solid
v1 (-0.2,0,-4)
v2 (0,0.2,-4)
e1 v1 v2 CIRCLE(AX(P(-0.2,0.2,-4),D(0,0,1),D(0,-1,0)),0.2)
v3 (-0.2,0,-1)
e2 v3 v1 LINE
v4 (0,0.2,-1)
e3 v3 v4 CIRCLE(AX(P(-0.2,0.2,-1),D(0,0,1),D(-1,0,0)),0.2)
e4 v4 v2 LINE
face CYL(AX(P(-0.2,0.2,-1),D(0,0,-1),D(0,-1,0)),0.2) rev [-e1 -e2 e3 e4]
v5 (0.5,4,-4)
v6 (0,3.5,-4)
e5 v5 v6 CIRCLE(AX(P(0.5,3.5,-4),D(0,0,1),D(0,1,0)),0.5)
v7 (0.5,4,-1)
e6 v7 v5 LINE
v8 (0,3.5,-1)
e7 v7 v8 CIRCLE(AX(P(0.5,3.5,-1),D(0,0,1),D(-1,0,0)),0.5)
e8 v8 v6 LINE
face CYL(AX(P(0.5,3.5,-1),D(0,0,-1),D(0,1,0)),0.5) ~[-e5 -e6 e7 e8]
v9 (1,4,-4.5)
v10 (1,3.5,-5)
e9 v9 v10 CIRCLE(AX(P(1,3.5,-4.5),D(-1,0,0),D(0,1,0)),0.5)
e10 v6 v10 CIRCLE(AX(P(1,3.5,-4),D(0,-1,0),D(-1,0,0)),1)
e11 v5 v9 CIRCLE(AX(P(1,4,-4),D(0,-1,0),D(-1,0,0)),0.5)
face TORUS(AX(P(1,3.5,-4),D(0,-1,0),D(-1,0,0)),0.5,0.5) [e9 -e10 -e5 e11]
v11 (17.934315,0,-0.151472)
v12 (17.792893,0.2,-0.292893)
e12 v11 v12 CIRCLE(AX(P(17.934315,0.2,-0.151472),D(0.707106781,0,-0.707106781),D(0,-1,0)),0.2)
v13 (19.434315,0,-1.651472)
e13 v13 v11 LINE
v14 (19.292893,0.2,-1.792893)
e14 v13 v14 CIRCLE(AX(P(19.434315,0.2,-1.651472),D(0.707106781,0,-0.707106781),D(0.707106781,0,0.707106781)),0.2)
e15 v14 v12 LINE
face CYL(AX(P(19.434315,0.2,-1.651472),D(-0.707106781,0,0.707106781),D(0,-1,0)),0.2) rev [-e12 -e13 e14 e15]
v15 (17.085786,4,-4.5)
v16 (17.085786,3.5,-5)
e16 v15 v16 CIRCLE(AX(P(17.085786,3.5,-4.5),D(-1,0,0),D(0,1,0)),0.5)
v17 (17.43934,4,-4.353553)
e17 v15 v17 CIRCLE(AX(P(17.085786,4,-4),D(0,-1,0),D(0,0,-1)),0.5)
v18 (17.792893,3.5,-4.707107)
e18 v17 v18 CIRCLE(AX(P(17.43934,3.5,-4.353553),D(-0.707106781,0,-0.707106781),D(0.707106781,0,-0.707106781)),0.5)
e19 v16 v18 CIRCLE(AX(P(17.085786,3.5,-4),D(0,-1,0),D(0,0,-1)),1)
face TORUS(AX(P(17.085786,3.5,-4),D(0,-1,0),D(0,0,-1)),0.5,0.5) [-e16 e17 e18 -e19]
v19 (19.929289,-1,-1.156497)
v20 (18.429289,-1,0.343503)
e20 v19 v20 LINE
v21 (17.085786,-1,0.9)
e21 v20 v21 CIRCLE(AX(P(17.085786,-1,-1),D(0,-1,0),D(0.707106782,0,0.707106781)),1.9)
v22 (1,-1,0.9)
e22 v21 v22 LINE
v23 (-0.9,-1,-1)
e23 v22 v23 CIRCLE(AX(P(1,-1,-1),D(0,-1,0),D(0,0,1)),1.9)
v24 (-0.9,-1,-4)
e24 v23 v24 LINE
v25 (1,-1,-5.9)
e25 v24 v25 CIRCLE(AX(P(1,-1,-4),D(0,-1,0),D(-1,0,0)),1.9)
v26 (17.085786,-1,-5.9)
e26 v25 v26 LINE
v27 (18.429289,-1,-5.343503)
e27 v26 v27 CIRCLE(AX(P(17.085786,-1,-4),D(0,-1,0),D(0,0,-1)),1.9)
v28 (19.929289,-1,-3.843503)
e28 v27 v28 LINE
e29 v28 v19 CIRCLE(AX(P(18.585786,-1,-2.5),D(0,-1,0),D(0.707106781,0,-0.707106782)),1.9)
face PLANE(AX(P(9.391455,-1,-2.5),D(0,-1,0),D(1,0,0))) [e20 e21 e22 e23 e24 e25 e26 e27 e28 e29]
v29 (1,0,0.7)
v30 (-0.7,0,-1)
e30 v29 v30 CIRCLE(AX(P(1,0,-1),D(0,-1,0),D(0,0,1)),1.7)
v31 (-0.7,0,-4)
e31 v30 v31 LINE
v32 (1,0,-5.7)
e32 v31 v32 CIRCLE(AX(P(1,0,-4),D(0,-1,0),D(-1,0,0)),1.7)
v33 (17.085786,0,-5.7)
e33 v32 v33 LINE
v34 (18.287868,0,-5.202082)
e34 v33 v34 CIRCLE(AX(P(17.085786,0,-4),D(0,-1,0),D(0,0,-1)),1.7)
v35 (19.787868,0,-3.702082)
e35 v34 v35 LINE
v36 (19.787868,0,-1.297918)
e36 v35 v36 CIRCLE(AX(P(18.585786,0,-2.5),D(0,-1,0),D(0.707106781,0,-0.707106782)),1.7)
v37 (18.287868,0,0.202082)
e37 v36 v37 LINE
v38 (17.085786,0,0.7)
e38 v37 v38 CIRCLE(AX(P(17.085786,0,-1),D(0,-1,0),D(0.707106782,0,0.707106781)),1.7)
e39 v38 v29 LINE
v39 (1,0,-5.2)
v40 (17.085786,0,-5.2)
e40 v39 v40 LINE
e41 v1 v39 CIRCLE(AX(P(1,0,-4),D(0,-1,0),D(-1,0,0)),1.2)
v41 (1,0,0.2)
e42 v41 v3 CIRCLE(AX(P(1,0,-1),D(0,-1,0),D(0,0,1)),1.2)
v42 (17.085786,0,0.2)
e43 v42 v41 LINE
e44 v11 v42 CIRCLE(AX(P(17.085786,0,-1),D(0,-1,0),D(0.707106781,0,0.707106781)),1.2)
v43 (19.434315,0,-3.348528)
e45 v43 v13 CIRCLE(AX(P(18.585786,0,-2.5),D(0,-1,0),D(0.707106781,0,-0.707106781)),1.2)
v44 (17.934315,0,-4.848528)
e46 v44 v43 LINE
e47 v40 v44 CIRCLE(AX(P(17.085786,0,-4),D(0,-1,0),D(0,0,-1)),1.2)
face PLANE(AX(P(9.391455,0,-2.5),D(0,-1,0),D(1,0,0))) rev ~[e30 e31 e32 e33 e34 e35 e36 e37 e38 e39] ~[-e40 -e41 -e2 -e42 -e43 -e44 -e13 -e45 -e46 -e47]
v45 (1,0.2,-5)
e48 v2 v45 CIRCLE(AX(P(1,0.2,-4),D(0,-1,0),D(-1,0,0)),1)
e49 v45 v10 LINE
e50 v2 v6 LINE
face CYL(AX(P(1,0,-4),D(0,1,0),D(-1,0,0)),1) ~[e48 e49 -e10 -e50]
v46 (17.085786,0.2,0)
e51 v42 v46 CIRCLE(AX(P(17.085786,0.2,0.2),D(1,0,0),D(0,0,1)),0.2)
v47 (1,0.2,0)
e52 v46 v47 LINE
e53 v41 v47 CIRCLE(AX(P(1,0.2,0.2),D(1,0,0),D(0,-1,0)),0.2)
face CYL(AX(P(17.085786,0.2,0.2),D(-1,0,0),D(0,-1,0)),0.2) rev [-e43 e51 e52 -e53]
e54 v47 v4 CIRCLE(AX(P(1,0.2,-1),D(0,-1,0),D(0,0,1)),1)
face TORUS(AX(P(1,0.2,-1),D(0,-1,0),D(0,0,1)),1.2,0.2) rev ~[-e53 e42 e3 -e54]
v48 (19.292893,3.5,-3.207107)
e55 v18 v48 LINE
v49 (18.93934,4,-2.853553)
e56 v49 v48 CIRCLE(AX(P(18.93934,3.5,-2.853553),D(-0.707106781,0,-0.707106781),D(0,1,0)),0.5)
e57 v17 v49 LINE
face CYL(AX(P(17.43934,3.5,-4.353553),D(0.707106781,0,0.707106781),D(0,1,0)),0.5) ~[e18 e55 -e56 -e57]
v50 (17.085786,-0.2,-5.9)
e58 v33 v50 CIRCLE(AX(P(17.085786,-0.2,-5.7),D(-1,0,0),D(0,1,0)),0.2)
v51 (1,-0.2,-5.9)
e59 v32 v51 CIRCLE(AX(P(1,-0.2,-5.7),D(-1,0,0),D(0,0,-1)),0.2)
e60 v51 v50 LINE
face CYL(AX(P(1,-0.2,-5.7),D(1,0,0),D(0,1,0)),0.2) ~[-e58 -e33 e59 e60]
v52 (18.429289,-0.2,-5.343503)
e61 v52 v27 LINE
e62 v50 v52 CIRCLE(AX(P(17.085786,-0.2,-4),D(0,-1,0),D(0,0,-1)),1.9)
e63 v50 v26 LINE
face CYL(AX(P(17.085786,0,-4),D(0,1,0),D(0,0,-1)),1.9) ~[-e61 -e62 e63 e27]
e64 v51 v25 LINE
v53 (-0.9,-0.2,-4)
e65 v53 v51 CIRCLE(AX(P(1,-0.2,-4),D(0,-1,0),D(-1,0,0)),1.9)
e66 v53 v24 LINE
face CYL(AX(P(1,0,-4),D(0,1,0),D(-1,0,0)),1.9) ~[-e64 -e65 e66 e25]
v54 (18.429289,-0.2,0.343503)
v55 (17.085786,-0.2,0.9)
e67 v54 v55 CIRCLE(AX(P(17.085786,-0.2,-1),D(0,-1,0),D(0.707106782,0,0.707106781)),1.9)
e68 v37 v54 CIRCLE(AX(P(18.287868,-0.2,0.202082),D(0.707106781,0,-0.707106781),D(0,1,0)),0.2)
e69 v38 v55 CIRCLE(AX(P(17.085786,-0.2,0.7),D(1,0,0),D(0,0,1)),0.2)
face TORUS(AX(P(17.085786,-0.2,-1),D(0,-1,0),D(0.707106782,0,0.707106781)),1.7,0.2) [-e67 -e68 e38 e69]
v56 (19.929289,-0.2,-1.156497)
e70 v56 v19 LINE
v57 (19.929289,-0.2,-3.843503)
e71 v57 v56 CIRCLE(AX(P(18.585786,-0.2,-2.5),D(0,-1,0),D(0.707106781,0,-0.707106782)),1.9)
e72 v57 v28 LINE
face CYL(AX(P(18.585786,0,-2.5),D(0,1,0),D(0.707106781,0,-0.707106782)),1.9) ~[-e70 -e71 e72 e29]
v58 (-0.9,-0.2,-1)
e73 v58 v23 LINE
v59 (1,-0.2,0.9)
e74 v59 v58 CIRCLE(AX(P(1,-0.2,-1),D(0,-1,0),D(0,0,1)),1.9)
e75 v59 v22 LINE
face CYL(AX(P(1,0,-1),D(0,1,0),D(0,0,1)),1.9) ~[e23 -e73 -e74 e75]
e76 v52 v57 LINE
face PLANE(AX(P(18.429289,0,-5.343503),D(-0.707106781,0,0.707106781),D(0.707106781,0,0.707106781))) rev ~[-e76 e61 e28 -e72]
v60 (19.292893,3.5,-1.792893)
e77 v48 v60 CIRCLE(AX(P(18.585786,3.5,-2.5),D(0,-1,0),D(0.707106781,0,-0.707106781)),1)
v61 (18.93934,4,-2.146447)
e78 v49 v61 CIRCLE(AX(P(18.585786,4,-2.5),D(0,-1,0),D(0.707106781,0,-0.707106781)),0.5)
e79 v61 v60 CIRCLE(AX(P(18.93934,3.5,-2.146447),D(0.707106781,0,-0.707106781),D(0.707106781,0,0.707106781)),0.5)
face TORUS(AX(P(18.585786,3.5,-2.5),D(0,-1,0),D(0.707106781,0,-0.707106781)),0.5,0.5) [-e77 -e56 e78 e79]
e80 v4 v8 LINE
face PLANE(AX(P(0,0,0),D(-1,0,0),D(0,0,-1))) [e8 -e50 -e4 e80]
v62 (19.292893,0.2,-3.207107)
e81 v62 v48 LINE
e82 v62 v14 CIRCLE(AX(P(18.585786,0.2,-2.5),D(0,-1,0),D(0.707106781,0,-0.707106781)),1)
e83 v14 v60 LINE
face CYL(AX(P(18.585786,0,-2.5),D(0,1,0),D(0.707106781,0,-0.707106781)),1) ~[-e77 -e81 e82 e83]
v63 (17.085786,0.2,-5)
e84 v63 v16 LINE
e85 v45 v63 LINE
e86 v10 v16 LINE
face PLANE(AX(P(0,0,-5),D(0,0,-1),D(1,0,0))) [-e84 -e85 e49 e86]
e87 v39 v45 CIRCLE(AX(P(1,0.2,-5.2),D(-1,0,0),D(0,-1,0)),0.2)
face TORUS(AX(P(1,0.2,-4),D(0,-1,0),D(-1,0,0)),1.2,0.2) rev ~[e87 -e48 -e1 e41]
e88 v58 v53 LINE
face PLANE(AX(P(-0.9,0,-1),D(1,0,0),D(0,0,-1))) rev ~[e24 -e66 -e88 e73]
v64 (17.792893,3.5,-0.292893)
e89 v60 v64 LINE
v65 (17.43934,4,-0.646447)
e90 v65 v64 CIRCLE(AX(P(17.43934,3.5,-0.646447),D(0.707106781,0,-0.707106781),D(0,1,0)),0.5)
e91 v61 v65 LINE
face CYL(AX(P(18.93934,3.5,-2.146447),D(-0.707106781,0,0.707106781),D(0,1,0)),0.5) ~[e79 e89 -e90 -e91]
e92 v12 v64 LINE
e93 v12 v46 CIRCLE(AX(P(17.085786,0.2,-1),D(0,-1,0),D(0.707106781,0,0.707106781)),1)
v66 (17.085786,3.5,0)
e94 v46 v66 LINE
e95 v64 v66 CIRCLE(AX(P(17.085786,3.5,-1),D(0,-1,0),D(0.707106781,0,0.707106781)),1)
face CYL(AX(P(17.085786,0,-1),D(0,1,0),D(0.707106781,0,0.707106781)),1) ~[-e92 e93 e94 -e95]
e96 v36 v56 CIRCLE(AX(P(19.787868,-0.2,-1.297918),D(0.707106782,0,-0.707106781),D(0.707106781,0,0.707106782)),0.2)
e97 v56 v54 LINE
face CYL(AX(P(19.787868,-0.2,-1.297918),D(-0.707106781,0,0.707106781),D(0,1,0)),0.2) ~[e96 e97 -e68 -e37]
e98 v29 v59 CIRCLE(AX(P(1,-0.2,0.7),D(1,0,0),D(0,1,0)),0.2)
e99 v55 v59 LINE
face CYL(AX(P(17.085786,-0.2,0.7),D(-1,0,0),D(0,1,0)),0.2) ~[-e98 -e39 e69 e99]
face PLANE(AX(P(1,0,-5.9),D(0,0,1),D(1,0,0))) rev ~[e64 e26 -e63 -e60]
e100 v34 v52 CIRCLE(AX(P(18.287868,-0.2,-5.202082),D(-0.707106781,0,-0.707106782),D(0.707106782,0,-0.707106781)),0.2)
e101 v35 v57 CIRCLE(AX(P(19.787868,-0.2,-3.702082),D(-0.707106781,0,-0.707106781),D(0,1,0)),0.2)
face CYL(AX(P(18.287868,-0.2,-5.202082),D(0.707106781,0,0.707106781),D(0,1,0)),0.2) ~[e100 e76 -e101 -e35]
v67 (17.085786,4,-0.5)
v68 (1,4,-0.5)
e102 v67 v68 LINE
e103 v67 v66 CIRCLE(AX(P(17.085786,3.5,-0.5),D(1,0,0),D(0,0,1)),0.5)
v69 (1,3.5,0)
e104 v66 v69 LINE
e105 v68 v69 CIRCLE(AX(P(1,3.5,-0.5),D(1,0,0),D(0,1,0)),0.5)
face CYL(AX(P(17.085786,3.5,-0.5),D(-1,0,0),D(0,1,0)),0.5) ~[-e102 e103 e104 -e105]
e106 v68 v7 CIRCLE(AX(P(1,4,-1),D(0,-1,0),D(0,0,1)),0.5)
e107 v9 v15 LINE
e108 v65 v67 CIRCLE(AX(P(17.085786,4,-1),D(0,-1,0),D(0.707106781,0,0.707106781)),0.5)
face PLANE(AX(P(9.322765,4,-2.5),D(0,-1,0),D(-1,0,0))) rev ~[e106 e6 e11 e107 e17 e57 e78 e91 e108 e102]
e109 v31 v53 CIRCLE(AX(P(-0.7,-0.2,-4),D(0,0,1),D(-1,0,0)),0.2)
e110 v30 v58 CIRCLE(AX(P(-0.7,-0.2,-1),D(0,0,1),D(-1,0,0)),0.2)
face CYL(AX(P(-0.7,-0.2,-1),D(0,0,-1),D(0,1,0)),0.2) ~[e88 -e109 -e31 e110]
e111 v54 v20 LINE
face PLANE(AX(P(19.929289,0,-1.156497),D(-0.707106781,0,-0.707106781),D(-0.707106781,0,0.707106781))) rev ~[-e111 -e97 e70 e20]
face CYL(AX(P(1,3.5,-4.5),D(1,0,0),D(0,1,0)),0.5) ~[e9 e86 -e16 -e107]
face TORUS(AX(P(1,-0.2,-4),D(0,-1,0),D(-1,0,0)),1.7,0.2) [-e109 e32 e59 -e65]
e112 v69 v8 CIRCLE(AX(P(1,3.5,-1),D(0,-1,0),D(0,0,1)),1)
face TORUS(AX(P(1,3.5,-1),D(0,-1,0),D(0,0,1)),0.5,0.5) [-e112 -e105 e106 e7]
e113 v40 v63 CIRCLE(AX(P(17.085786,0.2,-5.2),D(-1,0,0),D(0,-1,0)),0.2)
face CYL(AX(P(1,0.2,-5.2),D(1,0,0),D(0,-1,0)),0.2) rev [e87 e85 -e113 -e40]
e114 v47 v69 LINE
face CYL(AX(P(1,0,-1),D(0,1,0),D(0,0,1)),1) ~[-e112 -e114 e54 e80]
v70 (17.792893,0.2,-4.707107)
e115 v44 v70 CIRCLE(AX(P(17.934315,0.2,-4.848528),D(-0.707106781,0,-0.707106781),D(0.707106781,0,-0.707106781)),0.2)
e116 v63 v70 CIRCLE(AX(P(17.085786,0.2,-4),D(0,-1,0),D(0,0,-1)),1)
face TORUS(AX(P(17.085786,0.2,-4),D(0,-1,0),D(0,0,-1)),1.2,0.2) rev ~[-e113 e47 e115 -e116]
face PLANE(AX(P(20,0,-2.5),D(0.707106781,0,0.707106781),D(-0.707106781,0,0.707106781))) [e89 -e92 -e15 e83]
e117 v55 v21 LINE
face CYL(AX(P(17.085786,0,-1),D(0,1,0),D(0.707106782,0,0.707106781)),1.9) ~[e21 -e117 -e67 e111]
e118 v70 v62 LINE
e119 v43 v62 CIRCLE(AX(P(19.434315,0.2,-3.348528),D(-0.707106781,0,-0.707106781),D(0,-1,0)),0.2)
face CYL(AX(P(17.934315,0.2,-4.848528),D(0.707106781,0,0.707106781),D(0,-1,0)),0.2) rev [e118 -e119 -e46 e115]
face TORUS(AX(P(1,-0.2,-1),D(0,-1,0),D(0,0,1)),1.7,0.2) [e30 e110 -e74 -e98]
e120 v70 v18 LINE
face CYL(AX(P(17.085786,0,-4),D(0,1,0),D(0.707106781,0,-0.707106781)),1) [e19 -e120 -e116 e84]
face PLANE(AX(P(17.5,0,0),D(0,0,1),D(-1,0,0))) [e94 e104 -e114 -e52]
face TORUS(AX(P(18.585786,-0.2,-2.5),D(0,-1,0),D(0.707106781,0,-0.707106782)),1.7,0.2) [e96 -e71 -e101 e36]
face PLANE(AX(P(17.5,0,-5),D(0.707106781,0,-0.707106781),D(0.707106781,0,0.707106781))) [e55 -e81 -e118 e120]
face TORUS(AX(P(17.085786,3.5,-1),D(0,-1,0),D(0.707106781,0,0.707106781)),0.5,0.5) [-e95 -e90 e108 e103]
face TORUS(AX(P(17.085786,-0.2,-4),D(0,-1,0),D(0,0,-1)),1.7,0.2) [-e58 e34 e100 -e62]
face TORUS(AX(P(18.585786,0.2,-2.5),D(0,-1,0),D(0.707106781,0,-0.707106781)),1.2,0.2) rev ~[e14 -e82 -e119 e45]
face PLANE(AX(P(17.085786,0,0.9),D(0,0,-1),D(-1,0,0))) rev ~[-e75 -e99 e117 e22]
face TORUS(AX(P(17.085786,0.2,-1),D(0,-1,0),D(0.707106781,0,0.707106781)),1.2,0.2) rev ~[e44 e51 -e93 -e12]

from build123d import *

# Parameters (mm, degrees)
BOSS_EXTRUDE1_DEPTH = 4
FILLET1_R           = 1
FILLET2_R           = 0.5
BOSS_EXTRUDE2_DEPTH = 1
FILLET3_R           = 0.2
FILLET4_R           = 0.2


with BuildPart() as part:
    # Sketch1 → Boss-Extrude1 (new body)
    with BuildSketch(Plane(origin=(0, 0, 0), x_dir=(1, 0, 0), z_dir=(0, 1, 0))):
        Polygon((17.5, 5), (20, 2.5), (17.5, 0), (0, 0), (0, 5), align=None)
    extrude(amount=BOSS_EXTRUDE1_DEPTH)

    # Fillet1
    fillet1_edges = [part.edges().sort_by_distance(p)[0] for p in [
        (0, 2, -5),
        (17.5, 2, -5),
        (20, 2, -2.5),
        (17.5, 2, 0),
        (0, 2, 0),
    ]]
    fillet(fillet1_edges, radius=FILLET1_R)

    # Fillet2
    fillet2_edges = [part.edges().sort_by_distance(p)[0] for p in [
        (9.042893219, 4, -5),
        (18.542893219, 4, -3.957106781),
        (0, 4, -2.5),
        (9.042893219, 4, 0),
        (18.542893219, 4, -1.042893219),
        (19.585786438, 4, -2.5),
        (17.46846987, 4, -0.076120467),
        (0.292893219, 4, -0.292893219),
        (0.292893219, 4, -4.707106781),
        (17.46846987, 4, -4.923879533),
    ]]
    fillet(fillet2_edges, radius=FILLET2_R)

    # Sketch2 → Boss-Extrude2 (add)
    with BuildSketch(Plane.XZ):
        with BuildLine():
            Line((1, -5.9), (17.085786438, -5.9))
            ThreePointArc((17.085786438, -5.9), (17.812884959, -5.755371112), (18.429289322, -5.343502884))
            Line((18.429289322, -5.343502884), (19.929289322, -3.843502884))
            ThreePointArc((19.929289322, -3.843502884), (20.485786438, -2.5), (19.929289322, -1.156497116))
            Line((19.929289322, -1.156497116), (18.429289322, 0.343502884))
            ThreePointArc((18.429289322, 0.343502884), (17.812884959, 0.755371112), (17.085786438, 0.9))
            Line((17.085786438, 0.9), (1, 0.9))
            ThreePointArc((1, 0.9), (-0.343502884, 0.343502884), (-0.9, -1))
            Line((-0.9, -1), (-0.9, -4))
            ThreePointArc((-0.9, -4), (-0.343502884, -5.343502884), (1, -5.9))
        make_face()
    extrude(amount=BOSS_EXTRUDE2_DEPTH)

    # Fillet3
    fillet3_edges = [part.edges().sort_by_distance(p)[0] for p in [
        (9.042893219, 0, -5),
        (0, 0, -2.5),
        (18.542893219, 0, -3.957106781),
        (18.542893219, 0, -1.042893219),
        (9.042893219, 0, 0),
        (19.585786438, 0, -2.5),
        (17.46846987, 0, -0.076120467),
        (0.292893219, 0, -0.292893219),
        (0.292893219, 0, -4.707106781),
        (17.46846987, 0, -4.923879533),
    ]]
    fillet(fillet3_edges, radius=FILLET3_R)

    # Fillet4
    fillet4_edges = [part.edges().sort_by_distance(p)[0] for p in [
        (-0.343502884, 0, -5.343502884),
        (9.042893219, 0, -5.9),
        (17.812884959, 0, -5.755371112),
        (19.179289322, 0, -4.593502884),
        (20.485786438, 0, -2.5),
        (19.179289322, 0, -0.406497116),
        (17.812884959, 0, 0.755371112),
        (9.042893219, 0, 0.9),
        (-0.343502884, 0, 0.343502884),
        (-0.9, 0, -2.5),
    ]]
    fillet(fillet4_edges, radius=FILLET4_R)


solid = part.part
